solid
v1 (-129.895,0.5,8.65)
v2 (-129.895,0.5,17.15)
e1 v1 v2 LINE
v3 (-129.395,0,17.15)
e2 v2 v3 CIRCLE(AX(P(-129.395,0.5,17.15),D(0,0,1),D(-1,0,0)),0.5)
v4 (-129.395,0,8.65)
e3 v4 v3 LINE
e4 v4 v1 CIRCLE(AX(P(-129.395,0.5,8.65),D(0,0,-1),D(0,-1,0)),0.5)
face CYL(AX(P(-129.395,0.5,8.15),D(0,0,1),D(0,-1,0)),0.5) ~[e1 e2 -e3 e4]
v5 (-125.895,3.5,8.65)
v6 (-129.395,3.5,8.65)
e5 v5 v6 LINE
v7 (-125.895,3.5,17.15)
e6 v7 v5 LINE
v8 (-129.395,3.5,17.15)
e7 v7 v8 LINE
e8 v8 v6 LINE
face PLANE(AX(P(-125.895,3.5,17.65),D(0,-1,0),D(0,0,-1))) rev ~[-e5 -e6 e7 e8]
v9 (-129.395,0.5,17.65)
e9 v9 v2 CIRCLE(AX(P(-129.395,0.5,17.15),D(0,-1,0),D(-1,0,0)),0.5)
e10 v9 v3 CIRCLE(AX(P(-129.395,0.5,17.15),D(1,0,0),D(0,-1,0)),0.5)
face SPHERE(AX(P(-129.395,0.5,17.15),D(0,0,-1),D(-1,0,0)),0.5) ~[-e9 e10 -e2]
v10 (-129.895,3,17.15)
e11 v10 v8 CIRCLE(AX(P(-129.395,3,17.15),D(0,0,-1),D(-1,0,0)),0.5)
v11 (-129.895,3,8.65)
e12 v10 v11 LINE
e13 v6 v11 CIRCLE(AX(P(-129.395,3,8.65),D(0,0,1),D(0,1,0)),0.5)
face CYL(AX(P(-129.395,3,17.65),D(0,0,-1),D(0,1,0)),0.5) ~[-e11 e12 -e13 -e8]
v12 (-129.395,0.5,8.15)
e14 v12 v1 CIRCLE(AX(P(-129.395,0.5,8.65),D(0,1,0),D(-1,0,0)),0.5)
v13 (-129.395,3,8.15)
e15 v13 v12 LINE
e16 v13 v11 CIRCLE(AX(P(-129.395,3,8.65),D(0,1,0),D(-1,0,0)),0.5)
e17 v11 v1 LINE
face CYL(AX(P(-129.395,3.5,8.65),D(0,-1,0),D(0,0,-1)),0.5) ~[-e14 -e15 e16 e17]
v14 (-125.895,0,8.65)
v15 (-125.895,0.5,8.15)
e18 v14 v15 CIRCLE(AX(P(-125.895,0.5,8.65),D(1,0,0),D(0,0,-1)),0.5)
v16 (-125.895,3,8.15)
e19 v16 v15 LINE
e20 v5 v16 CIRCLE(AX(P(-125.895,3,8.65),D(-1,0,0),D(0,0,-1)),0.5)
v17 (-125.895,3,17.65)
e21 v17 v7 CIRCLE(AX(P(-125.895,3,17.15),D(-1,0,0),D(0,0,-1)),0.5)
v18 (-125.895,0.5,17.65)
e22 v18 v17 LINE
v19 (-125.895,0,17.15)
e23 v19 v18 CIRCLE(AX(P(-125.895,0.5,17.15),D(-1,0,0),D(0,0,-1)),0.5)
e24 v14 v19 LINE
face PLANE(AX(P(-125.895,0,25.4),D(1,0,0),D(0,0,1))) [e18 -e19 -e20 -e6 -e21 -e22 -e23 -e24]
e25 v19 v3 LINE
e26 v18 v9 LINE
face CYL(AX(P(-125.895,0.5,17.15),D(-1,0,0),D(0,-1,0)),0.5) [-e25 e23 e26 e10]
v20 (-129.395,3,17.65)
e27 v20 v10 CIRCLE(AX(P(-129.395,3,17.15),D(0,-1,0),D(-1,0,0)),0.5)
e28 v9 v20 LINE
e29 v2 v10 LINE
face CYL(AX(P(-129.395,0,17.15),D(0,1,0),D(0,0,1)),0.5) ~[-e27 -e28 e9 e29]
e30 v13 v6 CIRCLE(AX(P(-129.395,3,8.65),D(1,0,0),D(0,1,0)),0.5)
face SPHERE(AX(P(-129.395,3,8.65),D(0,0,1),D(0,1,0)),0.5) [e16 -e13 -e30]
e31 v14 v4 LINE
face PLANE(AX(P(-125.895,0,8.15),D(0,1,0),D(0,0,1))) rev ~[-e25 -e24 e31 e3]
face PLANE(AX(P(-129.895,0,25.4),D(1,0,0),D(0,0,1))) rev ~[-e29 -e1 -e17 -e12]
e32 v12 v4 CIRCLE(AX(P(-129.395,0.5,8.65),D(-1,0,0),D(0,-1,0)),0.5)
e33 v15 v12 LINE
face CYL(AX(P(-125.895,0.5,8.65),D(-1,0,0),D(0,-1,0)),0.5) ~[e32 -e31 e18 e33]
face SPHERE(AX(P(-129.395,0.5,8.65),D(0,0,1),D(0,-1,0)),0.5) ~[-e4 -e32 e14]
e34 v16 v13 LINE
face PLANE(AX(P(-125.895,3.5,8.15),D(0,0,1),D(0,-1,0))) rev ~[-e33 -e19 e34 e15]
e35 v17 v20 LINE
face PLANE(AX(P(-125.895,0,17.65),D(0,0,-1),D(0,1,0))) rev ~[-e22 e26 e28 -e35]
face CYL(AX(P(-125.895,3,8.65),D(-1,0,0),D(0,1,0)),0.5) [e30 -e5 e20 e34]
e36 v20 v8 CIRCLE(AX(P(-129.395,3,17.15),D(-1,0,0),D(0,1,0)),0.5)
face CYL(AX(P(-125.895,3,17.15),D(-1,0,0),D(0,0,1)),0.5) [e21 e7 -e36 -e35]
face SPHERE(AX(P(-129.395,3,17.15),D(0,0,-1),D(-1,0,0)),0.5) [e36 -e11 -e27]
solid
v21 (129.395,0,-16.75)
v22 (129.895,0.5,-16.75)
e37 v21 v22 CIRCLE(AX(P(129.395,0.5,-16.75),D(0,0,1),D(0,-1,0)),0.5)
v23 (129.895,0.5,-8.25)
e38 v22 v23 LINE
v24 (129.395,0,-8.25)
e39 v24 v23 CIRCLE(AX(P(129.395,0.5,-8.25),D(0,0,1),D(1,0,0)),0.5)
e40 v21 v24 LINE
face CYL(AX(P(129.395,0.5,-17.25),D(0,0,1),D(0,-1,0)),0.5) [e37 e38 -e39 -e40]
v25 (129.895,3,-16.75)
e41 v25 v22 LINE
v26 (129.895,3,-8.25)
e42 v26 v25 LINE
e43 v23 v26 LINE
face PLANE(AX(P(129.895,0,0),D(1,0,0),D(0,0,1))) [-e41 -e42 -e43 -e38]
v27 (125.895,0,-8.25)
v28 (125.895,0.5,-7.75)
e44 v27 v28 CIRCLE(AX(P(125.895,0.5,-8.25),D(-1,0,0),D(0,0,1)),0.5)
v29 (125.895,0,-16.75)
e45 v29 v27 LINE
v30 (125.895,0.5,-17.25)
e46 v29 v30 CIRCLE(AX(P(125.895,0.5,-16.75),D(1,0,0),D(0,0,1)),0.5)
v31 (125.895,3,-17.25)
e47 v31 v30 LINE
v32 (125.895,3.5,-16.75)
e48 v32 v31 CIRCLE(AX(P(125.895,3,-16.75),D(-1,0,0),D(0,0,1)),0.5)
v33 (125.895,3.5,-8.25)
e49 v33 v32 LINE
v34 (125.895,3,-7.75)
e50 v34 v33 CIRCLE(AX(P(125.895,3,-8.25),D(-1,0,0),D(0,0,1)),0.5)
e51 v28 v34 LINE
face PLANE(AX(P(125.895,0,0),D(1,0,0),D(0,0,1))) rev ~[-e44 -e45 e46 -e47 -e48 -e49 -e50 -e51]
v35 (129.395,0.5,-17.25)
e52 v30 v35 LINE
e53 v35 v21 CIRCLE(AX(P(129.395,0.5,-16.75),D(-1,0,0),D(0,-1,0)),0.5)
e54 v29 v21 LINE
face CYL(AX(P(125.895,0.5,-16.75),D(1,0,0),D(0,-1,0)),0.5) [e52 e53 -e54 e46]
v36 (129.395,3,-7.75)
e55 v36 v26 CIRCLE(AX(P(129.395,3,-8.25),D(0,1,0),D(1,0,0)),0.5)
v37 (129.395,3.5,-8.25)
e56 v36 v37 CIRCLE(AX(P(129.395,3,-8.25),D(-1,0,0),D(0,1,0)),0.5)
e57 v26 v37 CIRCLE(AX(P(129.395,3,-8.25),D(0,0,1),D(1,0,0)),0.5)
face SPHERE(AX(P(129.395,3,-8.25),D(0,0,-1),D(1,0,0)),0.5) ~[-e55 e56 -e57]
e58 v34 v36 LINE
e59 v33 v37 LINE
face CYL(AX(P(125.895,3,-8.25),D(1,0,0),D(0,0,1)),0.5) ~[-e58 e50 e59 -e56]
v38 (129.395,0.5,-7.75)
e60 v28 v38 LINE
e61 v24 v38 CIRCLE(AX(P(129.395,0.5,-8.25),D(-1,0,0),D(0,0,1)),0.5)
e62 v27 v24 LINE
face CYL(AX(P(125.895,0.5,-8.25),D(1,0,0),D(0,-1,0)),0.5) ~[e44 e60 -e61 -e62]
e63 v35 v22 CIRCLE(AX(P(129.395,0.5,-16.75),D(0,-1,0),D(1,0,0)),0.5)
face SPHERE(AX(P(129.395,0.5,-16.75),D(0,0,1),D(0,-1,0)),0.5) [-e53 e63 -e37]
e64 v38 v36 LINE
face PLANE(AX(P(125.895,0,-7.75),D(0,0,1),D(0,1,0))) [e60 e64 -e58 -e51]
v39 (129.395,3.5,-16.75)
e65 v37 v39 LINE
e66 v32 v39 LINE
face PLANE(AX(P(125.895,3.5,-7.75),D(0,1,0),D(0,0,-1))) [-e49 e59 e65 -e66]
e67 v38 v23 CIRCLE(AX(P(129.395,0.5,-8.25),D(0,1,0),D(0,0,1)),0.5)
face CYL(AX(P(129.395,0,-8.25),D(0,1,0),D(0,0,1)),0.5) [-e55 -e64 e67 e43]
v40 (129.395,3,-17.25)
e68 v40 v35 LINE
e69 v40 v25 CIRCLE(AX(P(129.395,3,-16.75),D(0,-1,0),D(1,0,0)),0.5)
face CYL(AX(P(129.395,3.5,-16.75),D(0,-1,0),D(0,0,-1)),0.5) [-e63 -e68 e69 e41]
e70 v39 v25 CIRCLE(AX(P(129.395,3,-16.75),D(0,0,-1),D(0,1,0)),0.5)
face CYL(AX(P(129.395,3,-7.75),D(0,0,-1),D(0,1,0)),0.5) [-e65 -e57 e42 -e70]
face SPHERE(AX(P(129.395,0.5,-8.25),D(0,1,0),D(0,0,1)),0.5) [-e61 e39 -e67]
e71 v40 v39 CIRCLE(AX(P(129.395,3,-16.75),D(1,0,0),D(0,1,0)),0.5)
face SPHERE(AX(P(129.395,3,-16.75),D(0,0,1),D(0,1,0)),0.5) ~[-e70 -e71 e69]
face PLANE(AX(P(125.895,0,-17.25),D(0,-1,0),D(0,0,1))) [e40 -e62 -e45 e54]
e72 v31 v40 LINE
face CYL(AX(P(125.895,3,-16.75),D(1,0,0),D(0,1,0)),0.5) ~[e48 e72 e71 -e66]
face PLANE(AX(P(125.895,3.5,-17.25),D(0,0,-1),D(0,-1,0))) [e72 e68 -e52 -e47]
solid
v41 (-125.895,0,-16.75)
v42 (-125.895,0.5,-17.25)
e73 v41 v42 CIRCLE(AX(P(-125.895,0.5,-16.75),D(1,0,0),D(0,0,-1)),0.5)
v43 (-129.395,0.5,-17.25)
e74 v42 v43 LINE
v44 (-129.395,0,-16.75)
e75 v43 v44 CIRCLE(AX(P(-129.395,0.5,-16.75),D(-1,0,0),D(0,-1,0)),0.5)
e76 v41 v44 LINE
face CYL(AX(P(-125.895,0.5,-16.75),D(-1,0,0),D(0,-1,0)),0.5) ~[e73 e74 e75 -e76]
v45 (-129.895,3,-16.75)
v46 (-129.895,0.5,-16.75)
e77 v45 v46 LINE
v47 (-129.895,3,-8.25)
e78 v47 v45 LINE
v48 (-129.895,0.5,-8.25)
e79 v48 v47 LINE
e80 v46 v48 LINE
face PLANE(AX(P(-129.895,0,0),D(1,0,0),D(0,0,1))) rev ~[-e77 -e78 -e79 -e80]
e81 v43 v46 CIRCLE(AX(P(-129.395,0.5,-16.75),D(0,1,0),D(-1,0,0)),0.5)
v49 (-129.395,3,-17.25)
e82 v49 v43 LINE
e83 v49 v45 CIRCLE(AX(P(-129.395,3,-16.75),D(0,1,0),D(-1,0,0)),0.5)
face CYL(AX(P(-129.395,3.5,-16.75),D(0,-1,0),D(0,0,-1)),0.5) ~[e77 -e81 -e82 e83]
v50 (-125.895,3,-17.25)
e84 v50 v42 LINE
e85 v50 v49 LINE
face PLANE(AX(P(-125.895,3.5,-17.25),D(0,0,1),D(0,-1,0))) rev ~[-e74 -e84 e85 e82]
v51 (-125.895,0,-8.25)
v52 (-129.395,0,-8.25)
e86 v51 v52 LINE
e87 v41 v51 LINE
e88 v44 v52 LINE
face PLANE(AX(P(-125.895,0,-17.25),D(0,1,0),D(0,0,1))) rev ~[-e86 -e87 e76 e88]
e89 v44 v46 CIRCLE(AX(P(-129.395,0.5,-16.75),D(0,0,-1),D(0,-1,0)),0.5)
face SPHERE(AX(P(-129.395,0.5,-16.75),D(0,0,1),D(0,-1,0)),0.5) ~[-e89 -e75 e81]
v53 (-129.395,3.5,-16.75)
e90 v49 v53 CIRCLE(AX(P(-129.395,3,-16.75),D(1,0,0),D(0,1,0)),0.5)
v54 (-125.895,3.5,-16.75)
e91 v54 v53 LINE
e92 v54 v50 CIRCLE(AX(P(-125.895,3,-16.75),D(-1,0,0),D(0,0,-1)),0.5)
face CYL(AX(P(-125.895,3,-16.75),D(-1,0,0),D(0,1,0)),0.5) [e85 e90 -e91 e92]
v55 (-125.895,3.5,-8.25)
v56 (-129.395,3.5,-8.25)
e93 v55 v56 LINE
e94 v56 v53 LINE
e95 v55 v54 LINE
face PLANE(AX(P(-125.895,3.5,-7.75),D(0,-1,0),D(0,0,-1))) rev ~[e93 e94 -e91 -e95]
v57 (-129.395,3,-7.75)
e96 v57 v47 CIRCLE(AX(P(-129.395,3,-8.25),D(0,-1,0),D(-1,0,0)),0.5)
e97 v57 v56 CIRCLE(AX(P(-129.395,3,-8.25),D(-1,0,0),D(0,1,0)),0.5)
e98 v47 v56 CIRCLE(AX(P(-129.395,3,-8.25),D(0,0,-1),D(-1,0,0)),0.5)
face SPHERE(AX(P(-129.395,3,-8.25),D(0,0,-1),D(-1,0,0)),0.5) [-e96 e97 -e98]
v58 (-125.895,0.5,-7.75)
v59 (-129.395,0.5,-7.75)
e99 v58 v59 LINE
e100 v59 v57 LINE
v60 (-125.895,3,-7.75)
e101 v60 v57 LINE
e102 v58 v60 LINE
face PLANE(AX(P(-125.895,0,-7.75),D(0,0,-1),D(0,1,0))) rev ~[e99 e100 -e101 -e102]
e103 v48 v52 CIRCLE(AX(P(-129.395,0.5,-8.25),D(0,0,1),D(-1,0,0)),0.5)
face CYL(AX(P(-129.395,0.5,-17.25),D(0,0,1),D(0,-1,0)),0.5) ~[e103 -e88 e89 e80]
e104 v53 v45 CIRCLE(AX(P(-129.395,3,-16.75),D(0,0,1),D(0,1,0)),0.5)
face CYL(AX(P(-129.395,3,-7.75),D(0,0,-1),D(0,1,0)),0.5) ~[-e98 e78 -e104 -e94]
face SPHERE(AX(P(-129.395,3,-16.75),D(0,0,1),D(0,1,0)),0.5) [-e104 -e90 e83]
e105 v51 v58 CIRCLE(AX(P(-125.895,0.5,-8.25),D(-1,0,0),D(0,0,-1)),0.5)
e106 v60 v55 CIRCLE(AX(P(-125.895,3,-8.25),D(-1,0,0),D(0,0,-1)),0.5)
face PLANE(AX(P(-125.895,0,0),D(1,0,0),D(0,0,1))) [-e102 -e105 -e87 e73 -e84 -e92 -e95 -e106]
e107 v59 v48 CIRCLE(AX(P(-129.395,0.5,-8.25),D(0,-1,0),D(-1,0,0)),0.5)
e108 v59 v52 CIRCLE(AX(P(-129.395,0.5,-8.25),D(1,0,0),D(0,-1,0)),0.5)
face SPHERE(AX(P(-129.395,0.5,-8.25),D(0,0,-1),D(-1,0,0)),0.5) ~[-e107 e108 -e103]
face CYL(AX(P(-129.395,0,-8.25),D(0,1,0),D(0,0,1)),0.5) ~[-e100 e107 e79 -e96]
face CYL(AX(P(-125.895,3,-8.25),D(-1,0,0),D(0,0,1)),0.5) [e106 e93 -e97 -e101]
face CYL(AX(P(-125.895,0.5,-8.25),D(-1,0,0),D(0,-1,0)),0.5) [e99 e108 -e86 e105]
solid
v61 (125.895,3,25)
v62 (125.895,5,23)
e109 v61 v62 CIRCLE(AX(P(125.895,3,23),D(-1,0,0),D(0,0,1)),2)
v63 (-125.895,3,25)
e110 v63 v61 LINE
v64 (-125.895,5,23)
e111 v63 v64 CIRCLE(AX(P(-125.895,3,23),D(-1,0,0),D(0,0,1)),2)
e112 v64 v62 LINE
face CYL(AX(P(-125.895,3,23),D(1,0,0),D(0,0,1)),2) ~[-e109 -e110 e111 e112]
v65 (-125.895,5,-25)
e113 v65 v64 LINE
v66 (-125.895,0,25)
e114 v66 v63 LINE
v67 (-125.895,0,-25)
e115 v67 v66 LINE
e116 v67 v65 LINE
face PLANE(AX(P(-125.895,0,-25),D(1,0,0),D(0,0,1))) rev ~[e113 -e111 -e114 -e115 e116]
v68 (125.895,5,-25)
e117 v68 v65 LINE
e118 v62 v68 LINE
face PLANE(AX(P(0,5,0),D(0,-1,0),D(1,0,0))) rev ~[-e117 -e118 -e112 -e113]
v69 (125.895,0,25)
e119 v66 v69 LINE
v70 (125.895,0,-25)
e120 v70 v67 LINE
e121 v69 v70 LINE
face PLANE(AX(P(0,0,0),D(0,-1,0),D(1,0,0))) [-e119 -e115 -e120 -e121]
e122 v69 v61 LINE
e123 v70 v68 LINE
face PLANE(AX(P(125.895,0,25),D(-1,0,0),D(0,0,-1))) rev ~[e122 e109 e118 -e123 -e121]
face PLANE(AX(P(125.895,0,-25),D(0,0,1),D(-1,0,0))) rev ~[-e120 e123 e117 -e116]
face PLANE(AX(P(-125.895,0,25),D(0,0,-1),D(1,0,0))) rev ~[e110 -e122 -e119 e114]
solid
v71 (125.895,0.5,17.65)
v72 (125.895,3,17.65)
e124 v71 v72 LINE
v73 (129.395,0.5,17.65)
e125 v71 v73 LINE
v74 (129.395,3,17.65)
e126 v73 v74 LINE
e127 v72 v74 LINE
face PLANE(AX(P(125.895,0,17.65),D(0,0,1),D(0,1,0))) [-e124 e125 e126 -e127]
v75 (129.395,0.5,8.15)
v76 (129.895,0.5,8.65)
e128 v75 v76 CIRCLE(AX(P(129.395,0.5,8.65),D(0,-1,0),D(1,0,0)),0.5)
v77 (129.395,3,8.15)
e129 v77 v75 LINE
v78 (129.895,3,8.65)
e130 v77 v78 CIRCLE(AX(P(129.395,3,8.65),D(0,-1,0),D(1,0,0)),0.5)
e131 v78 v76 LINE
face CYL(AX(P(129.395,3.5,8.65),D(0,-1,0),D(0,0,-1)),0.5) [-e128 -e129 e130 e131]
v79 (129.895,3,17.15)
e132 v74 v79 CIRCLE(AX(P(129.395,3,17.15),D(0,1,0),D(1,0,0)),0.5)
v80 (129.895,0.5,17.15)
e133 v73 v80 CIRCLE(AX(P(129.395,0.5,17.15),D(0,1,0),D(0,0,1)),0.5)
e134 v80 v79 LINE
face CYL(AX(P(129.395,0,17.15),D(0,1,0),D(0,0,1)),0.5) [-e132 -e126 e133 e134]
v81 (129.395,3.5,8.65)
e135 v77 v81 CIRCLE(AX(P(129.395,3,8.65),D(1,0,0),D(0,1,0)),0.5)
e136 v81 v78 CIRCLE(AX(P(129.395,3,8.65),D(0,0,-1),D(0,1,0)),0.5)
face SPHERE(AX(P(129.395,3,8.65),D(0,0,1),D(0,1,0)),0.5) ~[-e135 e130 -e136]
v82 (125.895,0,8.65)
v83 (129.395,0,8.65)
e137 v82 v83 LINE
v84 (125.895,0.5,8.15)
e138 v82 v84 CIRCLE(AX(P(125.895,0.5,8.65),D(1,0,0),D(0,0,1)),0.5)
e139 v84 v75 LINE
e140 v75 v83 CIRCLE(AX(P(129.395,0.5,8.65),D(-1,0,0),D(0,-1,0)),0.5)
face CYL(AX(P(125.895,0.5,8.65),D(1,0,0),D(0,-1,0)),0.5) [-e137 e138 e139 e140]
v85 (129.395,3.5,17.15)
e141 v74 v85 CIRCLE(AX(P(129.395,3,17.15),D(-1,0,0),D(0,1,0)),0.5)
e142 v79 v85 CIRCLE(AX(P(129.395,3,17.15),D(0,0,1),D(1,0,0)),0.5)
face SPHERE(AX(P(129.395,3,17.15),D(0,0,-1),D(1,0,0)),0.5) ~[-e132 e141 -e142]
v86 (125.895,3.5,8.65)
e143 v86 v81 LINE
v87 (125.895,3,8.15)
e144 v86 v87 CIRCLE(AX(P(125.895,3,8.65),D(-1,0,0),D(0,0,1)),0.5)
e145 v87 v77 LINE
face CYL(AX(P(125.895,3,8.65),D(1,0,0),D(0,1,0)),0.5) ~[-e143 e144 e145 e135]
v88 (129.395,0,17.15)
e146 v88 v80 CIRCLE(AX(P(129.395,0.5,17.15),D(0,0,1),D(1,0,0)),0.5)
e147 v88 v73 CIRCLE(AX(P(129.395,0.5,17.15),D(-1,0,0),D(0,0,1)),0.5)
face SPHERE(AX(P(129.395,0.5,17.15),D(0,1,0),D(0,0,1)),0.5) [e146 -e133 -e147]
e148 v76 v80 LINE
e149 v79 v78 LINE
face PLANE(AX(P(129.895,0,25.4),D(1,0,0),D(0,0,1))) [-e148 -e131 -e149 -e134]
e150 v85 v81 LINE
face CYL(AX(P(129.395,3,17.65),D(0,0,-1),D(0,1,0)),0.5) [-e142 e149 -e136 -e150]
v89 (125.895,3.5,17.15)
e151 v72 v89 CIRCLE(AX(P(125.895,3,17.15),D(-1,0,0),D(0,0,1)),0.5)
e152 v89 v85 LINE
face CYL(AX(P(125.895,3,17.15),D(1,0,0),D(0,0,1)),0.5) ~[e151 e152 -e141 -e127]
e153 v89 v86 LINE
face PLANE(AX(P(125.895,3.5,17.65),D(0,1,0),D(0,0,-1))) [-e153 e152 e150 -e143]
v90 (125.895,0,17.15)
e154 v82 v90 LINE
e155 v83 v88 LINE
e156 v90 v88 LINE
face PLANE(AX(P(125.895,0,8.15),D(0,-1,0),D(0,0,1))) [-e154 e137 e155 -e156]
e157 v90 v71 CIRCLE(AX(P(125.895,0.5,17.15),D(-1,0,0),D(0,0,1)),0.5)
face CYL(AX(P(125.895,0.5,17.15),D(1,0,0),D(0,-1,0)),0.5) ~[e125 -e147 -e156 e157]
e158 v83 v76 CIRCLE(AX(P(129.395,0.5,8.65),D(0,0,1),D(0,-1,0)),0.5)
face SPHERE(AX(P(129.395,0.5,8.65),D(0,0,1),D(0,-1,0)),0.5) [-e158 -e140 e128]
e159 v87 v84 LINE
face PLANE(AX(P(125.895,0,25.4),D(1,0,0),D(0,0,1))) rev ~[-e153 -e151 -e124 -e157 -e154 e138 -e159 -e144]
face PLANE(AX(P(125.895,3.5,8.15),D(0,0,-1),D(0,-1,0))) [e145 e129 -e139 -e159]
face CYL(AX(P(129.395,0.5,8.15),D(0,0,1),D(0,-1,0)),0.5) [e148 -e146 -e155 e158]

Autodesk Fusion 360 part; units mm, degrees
sketch "Sketch1" plane through (0, 0, 0) normal (0, -1, 0) x (1, 0, 0) in component "DDD Wall Control Center Piece Parametric Template"
  line L0 (125.895, -25) -> (-125.895, -25)
  line L1 (-125.895, -25) -> (-125.895, 25)
  line L2 (-125.895, 25) -> (125.895, 25)
  line L3 (125.895, 25) -> (125.895, -25)
  line L4 (125.895, -25) -> (-125.895, 25) construction
  line L5 (-125.895, -25) -> (125.895, 25) construction
  dimension "d1" = 251.79
  dimension "d2" = 50
extrude "Extrude1" add sketch "Sketch1" against normal blind 5 makes body 1 in component "DDD Wall Control Center Piece Parametric Template"
fillet "Fillet3" radius 2 1 edges at (0, 5, 25) on bodies 1 in component "DDD Wall Control Center Piece Parametric Template"
sketch "Sketch3" plane through (0, 0, 0) normal (1, 0, 0) x (0, 0, 1) in component "DDD Wall Control Center Piece Parametric Template"
  line L0 (-17.25, 0) -> (-7.75, 0)
  line L1 (-7.75, 0) -> (-7.75, -3.5)
  line L2 (-7.75, -3.5) -> (-17.25, -3.5)
  line L3 (-17.25, -3.5) -> (-17.25, 0)
  line L4 (-17.25, 0) -> (-7.75, -3.5) construction
  line L5 (-7.75, 0) -> (-17.25, -3.5) construction
  line L6 (1.75, 0) -> (22.5, 0)
  point P0 (-12.5, -1.75)
  dimension "d165" = 9.5
  dimension "d166" = 3.5
  dimension "d167" = 7.75
extrude "Extrude3" add sketch "Sketch3" along normal blind 4 from surface at 125.895 separate body makes body 2 in component "DDD Wall Control Center Piece Parametric Template"
extrude "Extrude6" add sketch "Sketch3" against normal blind 4 from surface at -125.895 separate body makes body 3 in component "DDD Wall Control Center Piece Parametric Template"
fillet "Fillet4" radius 0.5 16 edges at (129.895, 3.5, -12.5) (129.895, 1.75, -7.75) (127.895, 3.5, -7.75) (127.895, 0, -7.75) (129.895, 0, -12.5) (127.895, 3.5, -17.25) (127.895, 0, -17.25) (129.895, 1.75, -17.25) (-129.895, 3.5, -12.5) (-129.895, 0, -12.5) (-129.895, 1.75, -7.75) (-127.895, 0, -7.75) (-127.895, 3.5, -7.75) (-127.895, 3.5, -17.25) (-127.895, 0, -17.25) (-129.895, 1.75, -17.25) on bodies 2 3 in component "DDD Wall Control Center Piece Parametric Template"
pattern_linear "R-Pattern4" count 2 spacing 25.4 along (0, 0, 1) of bodies 2 3 makes body 4 at (125.895, 1.1667, 11.4833) makes body 5 at (-125.895, 2.3333, 11.4833) in component "DDD Wall Control Center Piece Parametric Template"
component "DDD Wall Control Center Piece Parametric Template" placed x (1, 0, 0) y (0, 1, 0) z (0, 0, 1) at (0, 0, 0)
equation "d1 = CenterPieceWidthMM"
equation "d2 = CenterPieceDepth"
equation "d3 = -CenterPieceThickness"
equation "CenterPieceWidthUnits = 10" comment "Number of spaces on the wall control pegboard.  Minimum 1,  maximum 14 for vertical wall control panels and 31 for horizonal panels.  Realistically your printer dimensions will determin how big you can make this."
equation "CenterPieceWidthMM = ( CenterPieceWidthUnits * 25.4 mm ) - 2.21 mm" comment "Don't change this.  Change CenterPieceWidthUnits instead.  Final width dimension subtracts 2.21mm from the standard 1\" space between wall control slots to account for the tabs for mouting into the slots"
equation "CenterPieceDepth = 50 mm" comment "Depth measurement from the wall control board extending out into space.  Minimum 17mm to fit at least one mounting tab.  Maximum  ¯\\_(ツ)_/¯"
equation "CenterPieceThickness = 5 mm" comment "Lower measurements make for good shelf-like objects,  taller measurement make for better custom tool holders.  Minimum 5mm to ensure there's enough space for mounting tabs. Maximum  ¯\\_(ツ)_/¯"
equation "CountMountingTabs = 2" comment "Specify the number of mounting tabs to attach a sidepiece"
equation "HowToUse = 0" comment "Save this as a new design seperate from the original to preserve the template.  Then modify as needed for centerpiece divider racks."
equation "d167 = CenterPieceDepth / 2 - 17.25 mm"
equation "d168 = CountMountingTabs"
